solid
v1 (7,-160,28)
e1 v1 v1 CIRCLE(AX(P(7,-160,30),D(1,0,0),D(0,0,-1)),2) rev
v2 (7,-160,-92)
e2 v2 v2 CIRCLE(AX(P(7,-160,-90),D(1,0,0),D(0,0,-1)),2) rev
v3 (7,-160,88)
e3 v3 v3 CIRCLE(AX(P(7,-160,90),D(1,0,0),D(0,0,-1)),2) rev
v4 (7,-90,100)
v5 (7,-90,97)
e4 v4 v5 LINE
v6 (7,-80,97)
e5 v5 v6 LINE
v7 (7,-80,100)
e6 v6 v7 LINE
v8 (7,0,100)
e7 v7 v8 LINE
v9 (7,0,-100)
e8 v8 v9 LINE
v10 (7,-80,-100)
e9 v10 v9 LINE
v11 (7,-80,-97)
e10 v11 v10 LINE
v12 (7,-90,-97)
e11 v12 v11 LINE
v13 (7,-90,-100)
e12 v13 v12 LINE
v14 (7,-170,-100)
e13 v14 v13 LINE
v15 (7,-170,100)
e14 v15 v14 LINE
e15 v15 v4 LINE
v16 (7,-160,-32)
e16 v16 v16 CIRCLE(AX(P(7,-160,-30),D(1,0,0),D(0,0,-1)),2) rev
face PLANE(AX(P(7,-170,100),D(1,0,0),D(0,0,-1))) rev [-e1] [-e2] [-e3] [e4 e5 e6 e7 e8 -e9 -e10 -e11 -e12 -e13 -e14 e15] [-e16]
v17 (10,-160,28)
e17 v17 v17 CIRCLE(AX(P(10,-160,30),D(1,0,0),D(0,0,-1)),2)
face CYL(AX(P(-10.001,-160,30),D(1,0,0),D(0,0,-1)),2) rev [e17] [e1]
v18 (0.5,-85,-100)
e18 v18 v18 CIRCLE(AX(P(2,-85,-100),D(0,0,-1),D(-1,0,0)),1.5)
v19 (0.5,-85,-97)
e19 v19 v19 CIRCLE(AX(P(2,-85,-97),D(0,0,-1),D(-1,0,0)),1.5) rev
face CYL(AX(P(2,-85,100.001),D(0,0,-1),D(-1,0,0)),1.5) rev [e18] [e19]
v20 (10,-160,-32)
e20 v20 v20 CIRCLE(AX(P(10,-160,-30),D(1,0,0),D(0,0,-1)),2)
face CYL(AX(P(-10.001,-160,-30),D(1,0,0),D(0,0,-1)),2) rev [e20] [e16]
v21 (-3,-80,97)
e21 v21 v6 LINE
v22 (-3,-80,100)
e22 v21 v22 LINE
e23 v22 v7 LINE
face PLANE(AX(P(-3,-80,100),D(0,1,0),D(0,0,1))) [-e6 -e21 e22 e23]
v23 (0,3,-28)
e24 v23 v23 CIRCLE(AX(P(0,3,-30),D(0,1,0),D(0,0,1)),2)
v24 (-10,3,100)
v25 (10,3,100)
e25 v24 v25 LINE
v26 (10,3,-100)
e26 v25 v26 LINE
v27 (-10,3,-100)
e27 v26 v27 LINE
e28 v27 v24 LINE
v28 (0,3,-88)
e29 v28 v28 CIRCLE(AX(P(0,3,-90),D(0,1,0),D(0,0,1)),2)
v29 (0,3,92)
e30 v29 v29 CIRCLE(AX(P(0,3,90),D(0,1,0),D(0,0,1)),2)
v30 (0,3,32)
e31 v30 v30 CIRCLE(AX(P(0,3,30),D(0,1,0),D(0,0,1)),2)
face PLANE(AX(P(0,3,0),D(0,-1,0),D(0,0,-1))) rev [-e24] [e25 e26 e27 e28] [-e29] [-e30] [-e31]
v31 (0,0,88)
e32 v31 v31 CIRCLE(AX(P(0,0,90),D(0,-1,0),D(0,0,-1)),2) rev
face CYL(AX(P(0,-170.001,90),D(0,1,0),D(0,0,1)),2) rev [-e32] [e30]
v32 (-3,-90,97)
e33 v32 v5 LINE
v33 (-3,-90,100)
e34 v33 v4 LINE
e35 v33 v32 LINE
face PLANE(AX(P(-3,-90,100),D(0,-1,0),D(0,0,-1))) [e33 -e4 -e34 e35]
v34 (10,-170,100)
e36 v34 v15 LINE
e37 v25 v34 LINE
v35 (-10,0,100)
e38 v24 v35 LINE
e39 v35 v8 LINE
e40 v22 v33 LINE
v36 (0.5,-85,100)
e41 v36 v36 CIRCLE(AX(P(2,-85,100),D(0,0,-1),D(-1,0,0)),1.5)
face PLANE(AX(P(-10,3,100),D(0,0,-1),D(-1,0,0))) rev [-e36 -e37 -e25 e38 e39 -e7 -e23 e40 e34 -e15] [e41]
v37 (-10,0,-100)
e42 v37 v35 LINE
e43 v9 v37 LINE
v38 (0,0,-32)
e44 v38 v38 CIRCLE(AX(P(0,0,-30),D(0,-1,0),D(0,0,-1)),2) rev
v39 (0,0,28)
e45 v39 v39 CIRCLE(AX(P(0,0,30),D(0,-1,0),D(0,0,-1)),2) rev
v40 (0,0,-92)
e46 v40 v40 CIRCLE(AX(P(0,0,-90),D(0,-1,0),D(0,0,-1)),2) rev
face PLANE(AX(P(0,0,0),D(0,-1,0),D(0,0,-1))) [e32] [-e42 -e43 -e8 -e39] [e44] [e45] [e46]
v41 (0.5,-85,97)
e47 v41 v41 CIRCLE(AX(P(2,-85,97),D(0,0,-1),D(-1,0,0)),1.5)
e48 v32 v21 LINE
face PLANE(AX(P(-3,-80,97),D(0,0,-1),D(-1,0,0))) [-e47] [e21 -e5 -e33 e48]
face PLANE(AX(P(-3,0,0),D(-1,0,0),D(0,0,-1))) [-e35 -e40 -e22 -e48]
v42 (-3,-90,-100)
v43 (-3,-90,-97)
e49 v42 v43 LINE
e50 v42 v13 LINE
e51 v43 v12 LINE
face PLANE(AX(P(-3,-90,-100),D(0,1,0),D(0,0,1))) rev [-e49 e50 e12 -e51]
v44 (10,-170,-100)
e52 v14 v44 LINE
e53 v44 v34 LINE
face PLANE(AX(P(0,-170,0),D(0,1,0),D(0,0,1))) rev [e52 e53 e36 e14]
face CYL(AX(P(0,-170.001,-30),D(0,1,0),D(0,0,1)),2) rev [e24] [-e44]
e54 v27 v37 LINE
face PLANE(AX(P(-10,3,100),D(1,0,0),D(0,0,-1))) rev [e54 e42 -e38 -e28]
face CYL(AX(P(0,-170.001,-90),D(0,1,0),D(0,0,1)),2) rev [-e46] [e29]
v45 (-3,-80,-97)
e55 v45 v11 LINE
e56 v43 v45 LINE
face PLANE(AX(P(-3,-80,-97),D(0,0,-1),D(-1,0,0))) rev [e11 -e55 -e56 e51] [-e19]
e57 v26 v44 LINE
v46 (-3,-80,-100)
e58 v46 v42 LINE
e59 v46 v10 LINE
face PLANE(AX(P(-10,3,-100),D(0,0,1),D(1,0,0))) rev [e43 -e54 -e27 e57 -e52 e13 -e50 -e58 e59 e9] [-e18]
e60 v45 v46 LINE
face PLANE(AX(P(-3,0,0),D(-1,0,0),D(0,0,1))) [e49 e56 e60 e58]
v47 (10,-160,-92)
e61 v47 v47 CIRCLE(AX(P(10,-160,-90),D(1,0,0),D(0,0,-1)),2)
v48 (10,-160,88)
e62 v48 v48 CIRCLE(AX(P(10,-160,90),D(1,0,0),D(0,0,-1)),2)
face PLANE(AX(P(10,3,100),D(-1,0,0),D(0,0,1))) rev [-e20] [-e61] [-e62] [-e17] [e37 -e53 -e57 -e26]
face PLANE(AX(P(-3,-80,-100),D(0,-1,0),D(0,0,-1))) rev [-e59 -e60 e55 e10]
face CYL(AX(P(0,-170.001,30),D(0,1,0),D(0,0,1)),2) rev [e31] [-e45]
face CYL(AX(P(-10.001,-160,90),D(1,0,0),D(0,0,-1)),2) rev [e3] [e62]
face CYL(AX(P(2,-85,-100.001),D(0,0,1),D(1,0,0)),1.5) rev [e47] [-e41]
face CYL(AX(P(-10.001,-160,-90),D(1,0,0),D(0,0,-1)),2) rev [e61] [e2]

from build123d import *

# Parameters (mm, degrees)
SKETCH1_W           = 20
SKETCH1_H           = 200
BOSS_EXTRUDE1_DEPTH = 3
SKETCH2_W           = 3
SKETCH2_H           = 200
BOSS_EXTRUDE2_DEPTH = 170
CUT_EXTRUDE1_REACH  = 202.072
SKETCH3_R           = 2
LPATTERN1_COUNT     = 4
LPATTERN1_PITCH     = 60
CUT_EXTRUDE2_REACH  = 200.242
SKETCH4_R           = 2
LPATTERN2_COUNT     = 4
LPATTERN2_PITCH     = 60
SKETCH5_W           = 3
SKETCH5_H           = 10
BOSS_EXTRUDE3_DEPTH = 10
CUT_EXTRUDE3_REACH  = 264.679
SKETCH6_R           = 1.5


with BuildPart() as part:
    # Sketch1 → Boss-Extrude1 (new body)
    with BuildSketch(Plane(origin=(0, 0, 0), x_dir=(1, 0, 0), z_dir=(0, 1, 0))):
        Rectangle(SKETCH1_W, SKETCH1_H)
    extrude(amount=BOSS_EXTRUDE1_DEPTH)

    # Sketch2 → Boss-Extrude2 (add)
    with BuildSketch(Plane.XZ):
        with Locations((8.5, 0)):
            Rectangle(SKETCH2_W, SKETCH2_H)
    extrude(amount=BOSS_EXTRUDE2_DEPTH)

    # Sketch3 → Cut-Extrude1 (cut, up to next)
    with BuildSketch(Plane(origin=(0, 3, 0), x_dir=(1, 0, 0), z_dir=(0, 1, 0)), mode=Mode.PRIVATE) as cut_extrude1_sk1:
        with Locations(Location((0, -90, 0), (0, 0, 270))):
            Circle(SKETCH3_R)
    cut_extrude1_tool1 = extrude(cut_extrude1_sk1.sketch, amount=-CUT_EXTRUDE1_REACH, mode=Mode.PRIVATE) & part.part
    cut_extrude1 = cut_extrude1_tool1.solids().sort_by_distance((0, 3, 90))[0]
    add(cut_extrude1, mode=Mode.SUBTRACT)

    # LPattern1: Cut-Extrude1 ×4
    with Locations(*[(0, 0, -i * LPATTERN1_PITCH) for i in range(1, LPATTERN1_COUNT)]):
        add(cut_extrude1, mode=Mode.SUBTRACT)

    # Sketch4 → Cut-Extrude2 (cut, up to next)
    with BuildSketch(Plane(origin=(10, 0, 0), x_dir=(0, 0, -1), z_dir=(1, 0, 0)), mode=Mode.PRIVATE) as cut_extrude2_sk1:
        with Locations((90, -160)):
            Circle(SKETCH4_R)
    cut_extrude2_tool1 = extrude(cut_extrude2_sk1.sketch, amount=-CUT_EXTRUDE2_REACH, mode=Mode.PRIVATE) & part.part
    cut_extrude2 = cut_extrude2_tool1.solids().sort_by_distance((10, -160, -90))[0]
    add(cut_extrude2, mode=Mode.SUBTRACT)

    # LPattern2: Cut-Extrude2 ×4
    with Locations(*[(0, 0, i * LPATTERN2_PITCH) for i in range(1, LPATTERN2_COUNT)]):
        add(cut_extrude2, mode=Mode.SUBTRACT)

    # Sketch5 → Boss-Extrude3 (add)
    with BuildSketch(Plane.ZY.offset(-7)):
        with Locations((-98.5, -85)):
            Rectangle(SKETCH5_W, SKETCH5_H)
    boss_extrude3 = extrude(amount=BOSS_EXTRUDE3_DEPTH)

    # Sketch6 → Cut-Extrude3 (cut, up to next)
    with BuildSketch(Plane(origin=(0, 0, -100), x_dir=(-1, 0, 0), z_dir=(0, 0, -1)), mode=Mode.PRIVATE) as cut_extrude3_sk1:
        with Locations((-2, -85)):
            Circle(SKETCH6_R)
    cut_extrude3_tool1 = extrude(cut_extrude3_sk1.sketch, amount=-CUT_EXTRUDE3_REACH, mode=Mode.PRIVATE) & part.part
    cut_extrude3 = cut_extrude3_tool1.solids().sort_by_distance((2, -85, -100))[0]
    add(cut_extrude3, mode=Mode.SUBTRACT)

    # Mirror1: Boss-Extrude3, Cut-Extrude3 across plane
    add(boss_extrude3.mirror(Plane.XY))
    add(cut_extrude3.mirror(Plane.XY), mode=Mode.SUBTRACT)


solid = part.part
